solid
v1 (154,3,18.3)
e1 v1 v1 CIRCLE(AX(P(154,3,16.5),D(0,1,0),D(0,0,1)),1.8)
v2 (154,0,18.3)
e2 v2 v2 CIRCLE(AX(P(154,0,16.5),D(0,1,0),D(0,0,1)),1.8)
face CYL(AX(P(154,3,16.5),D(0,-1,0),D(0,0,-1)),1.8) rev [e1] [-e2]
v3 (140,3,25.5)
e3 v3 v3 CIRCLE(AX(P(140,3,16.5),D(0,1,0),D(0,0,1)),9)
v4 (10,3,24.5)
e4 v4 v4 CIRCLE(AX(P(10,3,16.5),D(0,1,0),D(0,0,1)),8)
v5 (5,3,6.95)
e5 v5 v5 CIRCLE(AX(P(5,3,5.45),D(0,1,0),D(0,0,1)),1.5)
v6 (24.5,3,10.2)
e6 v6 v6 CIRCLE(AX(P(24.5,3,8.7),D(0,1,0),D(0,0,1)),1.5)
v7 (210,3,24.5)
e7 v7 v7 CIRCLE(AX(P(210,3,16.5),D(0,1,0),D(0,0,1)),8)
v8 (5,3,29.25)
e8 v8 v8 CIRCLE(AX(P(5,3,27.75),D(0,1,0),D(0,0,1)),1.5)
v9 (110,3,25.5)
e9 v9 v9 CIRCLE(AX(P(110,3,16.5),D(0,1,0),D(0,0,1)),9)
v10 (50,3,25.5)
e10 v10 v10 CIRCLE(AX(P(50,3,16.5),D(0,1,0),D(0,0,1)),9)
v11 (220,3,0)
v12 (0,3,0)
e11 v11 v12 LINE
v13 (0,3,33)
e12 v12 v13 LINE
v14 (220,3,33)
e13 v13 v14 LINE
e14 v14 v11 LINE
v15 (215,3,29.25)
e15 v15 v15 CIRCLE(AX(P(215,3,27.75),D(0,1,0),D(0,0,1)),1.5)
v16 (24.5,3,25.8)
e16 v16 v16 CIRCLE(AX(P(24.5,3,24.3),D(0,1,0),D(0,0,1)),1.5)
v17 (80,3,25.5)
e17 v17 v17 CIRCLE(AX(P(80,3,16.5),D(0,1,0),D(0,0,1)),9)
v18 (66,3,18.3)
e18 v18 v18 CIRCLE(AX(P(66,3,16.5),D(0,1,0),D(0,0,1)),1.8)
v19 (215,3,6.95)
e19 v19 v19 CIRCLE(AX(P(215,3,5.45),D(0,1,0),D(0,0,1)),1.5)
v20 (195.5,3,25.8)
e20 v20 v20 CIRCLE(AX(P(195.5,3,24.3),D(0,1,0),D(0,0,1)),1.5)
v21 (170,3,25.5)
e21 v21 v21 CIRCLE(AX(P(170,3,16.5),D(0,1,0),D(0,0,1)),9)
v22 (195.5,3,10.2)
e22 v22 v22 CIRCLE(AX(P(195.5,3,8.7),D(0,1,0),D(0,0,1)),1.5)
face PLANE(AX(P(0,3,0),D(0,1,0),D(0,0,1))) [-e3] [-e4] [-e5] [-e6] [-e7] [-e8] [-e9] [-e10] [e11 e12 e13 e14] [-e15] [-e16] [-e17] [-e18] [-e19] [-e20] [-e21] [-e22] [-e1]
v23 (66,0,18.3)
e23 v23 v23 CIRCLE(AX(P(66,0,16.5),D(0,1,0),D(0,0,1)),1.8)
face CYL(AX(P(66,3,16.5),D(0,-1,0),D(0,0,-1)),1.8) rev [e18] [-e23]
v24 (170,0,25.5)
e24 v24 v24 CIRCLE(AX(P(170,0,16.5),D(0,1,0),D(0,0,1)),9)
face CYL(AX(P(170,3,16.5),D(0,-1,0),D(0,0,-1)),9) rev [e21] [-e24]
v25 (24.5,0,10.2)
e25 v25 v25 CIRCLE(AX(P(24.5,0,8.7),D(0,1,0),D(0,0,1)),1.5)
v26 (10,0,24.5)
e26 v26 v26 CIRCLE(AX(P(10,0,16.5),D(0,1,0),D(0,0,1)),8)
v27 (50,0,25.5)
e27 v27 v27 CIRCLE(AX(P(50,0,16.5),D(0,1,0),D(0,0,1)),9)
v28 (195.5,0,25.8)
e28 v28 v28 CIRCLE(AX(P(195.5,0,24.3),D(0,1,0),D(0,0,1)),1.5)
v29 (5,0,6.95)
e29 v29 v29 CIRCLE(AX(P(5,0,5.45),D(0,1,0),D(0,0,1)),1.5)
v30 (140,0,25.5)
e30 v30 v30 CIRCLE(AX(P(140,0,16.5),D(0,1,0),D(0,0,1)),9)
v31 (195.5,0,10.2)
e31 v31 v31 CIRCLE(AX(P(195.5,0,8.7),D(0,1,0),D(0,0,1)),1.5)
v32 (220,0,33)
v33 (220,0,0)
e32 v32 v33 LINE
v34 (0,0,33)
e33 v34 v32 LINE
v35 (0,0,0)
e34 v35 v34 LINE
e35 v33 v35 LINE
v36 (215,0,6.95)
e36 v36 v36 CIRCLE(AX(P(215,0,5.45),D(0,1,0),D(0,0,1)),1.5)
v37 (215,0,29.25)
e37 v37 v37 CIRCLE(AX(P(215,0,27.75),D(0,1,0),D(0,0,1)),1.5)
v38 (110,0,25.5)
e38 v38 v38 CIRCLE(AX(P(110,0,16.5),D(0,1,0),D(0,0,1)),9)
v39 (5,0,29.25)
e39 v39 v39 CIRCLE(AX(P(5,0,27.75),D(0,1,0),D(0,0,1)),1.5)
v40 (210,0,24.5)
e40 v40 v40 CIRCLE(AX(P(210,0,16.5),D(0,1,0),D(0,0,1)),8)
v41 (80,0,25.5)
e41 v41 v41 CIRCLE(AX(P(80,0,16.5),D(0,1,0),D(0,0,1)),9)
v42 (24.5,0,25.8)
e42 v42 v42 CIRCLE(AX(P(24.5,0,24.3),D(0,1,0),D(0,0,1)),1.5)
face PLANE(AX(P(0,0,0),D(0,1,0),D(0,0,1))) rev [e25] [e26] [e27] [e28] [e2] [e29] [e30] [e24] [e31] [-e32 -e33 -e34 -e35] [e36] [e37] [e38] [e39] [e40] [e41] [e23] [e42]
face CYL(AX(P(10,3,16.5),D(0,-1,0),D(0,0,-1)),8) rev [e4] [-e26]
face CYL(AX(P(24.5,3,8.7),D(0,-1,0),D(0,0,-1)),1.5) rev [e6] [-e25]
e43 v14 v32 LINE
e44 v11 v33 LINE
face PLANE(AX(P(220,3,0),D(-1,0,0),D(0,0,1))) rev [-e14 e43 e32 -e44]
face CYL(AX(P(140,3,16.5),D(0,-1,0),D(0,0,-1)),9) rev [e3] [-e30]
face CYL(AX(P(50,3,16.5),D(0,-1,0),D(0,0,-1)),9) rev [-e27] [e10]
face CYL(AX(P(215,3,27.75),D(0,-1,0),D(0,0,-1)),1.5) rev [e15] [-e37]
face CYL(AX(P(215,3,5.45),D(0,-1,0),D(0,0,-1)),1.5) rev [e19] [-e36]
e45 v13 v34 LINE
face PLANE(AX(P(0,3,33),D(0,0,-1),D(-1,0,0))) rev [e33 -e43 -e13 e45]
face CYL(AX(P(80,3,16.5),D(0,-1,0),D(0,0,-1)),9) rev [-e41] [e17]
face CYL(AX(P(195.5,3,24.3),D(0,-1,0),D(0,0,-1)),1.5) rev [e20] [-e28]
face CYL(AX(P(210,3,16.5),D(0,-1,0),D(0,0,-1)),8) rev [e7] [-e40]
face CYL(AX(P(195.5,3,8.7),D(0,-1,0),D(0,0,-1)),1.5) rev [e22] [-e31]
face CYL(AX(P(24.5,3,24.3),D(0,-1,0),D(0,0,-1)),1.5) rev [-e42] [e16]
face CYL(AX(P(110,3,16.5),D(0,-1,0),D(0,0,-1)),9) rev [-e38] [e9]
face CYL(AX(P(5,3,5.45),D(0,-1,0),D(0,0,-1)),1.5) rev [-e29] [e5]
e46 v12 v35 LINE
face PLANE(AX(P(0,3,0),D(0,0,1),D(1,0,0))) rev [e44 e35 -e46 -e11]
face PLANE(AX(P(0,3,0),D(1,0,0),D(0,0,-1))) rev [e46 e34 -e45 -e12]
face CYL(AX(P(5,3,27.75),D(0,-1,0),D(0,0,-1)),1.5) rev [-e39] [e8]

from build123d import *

# Parameters (mm, degrees)
SKETCH_1_W      = 220
SKETCH_1_H      = 33
SKETCH_1_R      = 1.5
SKETCH_1_R_2    = 9
SKETCH_1_R_3    = 8
SKETCH_1_R_4    = 1.8
EXTRUDE_1_DEPTH = 3


with BuildPart() as part:
    # 草图1 → 凸台-拉伸1 (new body)
    with BuildSketch(Plane(origin=(0, 0, 0), x_dir=(1, 0, 0), z_dir=(0, 1, 0))):
        with Locations((110, -16.5)):
            Rectangle(SKETCH_1_W, SKETCH_1_H)
        with Locations((5, -27.75)):
            Circle(SKETCH_1_R, mode=Mode.SUBTRACT)
        with Locations((5, -5.45)):
            Circle(SKETCH_1_R, mode=Mode.SUBTRACT)
        with Locations((24.5, -8.7)):
            Circle(SKETCH_1_R, mode=Mode.SUBTRACT)
        with Locations((24.5, -24.3)):
            Circle(SKETCH_1_R, mode=Mode.SUBTRACT)
        with Locations((195.5, -8.7)):
            Circle(SKETCH_1_R, mode=Mode.SUBTRACT)
        with Locations((195.5, -24.3)):
            Circle(SKETCH_1_R, mode=Mode.SUBTRACT)
        with Locations((215, -27.75)):
            Circle(SKETCH_1_R, mode=Mode.SUBTRACT)
        with Locations((215, -5.45)):
            Circle(SKETCH_1_R, mode=Mode.SUBTRACT)
        with Locations((110, -16.5)):
            Circle(SKETCH_1_R_2, mode=Mode.SUBTRACT)
        with Locations((140, -16.5)):
            Circle(SKETCH_1_R_2, mode=Mode.SUBTRACT)
        with Locations((10, -16.5)):
            Circle(SKETCH_1_R_3, mode=Mode.SUBTRACT)
        with Locations((210, -16.5)):
            Circle(SKETCH_1_R_3, mode=Mode.SUBTRACT)
        with Locations((170, -16.5)):
            Circle(SKETCH_1_R_2, mode=Mode.SUBTRACT)
        with Locations((80, -16.5)):
            Circle(SKETCH_1_R_2, mode=Mode.SUBTRACT)
        with Locations((50, -16.5)):
            Circle(SKETCH_1_R_2, mode=Mode.SUBTRACT)
        with Locations((154, -16.5)):
            Circle(SKETCH_1_R_4, mode=Mode.SUBTRACT)
        with Locations((66, -16.5)):
            Circle(SKETCH_1_R_4, mode=Mode.SUBTRACT)
    extrude(amount=EXTRUDE_1_DEPTH)


solid = part.part
